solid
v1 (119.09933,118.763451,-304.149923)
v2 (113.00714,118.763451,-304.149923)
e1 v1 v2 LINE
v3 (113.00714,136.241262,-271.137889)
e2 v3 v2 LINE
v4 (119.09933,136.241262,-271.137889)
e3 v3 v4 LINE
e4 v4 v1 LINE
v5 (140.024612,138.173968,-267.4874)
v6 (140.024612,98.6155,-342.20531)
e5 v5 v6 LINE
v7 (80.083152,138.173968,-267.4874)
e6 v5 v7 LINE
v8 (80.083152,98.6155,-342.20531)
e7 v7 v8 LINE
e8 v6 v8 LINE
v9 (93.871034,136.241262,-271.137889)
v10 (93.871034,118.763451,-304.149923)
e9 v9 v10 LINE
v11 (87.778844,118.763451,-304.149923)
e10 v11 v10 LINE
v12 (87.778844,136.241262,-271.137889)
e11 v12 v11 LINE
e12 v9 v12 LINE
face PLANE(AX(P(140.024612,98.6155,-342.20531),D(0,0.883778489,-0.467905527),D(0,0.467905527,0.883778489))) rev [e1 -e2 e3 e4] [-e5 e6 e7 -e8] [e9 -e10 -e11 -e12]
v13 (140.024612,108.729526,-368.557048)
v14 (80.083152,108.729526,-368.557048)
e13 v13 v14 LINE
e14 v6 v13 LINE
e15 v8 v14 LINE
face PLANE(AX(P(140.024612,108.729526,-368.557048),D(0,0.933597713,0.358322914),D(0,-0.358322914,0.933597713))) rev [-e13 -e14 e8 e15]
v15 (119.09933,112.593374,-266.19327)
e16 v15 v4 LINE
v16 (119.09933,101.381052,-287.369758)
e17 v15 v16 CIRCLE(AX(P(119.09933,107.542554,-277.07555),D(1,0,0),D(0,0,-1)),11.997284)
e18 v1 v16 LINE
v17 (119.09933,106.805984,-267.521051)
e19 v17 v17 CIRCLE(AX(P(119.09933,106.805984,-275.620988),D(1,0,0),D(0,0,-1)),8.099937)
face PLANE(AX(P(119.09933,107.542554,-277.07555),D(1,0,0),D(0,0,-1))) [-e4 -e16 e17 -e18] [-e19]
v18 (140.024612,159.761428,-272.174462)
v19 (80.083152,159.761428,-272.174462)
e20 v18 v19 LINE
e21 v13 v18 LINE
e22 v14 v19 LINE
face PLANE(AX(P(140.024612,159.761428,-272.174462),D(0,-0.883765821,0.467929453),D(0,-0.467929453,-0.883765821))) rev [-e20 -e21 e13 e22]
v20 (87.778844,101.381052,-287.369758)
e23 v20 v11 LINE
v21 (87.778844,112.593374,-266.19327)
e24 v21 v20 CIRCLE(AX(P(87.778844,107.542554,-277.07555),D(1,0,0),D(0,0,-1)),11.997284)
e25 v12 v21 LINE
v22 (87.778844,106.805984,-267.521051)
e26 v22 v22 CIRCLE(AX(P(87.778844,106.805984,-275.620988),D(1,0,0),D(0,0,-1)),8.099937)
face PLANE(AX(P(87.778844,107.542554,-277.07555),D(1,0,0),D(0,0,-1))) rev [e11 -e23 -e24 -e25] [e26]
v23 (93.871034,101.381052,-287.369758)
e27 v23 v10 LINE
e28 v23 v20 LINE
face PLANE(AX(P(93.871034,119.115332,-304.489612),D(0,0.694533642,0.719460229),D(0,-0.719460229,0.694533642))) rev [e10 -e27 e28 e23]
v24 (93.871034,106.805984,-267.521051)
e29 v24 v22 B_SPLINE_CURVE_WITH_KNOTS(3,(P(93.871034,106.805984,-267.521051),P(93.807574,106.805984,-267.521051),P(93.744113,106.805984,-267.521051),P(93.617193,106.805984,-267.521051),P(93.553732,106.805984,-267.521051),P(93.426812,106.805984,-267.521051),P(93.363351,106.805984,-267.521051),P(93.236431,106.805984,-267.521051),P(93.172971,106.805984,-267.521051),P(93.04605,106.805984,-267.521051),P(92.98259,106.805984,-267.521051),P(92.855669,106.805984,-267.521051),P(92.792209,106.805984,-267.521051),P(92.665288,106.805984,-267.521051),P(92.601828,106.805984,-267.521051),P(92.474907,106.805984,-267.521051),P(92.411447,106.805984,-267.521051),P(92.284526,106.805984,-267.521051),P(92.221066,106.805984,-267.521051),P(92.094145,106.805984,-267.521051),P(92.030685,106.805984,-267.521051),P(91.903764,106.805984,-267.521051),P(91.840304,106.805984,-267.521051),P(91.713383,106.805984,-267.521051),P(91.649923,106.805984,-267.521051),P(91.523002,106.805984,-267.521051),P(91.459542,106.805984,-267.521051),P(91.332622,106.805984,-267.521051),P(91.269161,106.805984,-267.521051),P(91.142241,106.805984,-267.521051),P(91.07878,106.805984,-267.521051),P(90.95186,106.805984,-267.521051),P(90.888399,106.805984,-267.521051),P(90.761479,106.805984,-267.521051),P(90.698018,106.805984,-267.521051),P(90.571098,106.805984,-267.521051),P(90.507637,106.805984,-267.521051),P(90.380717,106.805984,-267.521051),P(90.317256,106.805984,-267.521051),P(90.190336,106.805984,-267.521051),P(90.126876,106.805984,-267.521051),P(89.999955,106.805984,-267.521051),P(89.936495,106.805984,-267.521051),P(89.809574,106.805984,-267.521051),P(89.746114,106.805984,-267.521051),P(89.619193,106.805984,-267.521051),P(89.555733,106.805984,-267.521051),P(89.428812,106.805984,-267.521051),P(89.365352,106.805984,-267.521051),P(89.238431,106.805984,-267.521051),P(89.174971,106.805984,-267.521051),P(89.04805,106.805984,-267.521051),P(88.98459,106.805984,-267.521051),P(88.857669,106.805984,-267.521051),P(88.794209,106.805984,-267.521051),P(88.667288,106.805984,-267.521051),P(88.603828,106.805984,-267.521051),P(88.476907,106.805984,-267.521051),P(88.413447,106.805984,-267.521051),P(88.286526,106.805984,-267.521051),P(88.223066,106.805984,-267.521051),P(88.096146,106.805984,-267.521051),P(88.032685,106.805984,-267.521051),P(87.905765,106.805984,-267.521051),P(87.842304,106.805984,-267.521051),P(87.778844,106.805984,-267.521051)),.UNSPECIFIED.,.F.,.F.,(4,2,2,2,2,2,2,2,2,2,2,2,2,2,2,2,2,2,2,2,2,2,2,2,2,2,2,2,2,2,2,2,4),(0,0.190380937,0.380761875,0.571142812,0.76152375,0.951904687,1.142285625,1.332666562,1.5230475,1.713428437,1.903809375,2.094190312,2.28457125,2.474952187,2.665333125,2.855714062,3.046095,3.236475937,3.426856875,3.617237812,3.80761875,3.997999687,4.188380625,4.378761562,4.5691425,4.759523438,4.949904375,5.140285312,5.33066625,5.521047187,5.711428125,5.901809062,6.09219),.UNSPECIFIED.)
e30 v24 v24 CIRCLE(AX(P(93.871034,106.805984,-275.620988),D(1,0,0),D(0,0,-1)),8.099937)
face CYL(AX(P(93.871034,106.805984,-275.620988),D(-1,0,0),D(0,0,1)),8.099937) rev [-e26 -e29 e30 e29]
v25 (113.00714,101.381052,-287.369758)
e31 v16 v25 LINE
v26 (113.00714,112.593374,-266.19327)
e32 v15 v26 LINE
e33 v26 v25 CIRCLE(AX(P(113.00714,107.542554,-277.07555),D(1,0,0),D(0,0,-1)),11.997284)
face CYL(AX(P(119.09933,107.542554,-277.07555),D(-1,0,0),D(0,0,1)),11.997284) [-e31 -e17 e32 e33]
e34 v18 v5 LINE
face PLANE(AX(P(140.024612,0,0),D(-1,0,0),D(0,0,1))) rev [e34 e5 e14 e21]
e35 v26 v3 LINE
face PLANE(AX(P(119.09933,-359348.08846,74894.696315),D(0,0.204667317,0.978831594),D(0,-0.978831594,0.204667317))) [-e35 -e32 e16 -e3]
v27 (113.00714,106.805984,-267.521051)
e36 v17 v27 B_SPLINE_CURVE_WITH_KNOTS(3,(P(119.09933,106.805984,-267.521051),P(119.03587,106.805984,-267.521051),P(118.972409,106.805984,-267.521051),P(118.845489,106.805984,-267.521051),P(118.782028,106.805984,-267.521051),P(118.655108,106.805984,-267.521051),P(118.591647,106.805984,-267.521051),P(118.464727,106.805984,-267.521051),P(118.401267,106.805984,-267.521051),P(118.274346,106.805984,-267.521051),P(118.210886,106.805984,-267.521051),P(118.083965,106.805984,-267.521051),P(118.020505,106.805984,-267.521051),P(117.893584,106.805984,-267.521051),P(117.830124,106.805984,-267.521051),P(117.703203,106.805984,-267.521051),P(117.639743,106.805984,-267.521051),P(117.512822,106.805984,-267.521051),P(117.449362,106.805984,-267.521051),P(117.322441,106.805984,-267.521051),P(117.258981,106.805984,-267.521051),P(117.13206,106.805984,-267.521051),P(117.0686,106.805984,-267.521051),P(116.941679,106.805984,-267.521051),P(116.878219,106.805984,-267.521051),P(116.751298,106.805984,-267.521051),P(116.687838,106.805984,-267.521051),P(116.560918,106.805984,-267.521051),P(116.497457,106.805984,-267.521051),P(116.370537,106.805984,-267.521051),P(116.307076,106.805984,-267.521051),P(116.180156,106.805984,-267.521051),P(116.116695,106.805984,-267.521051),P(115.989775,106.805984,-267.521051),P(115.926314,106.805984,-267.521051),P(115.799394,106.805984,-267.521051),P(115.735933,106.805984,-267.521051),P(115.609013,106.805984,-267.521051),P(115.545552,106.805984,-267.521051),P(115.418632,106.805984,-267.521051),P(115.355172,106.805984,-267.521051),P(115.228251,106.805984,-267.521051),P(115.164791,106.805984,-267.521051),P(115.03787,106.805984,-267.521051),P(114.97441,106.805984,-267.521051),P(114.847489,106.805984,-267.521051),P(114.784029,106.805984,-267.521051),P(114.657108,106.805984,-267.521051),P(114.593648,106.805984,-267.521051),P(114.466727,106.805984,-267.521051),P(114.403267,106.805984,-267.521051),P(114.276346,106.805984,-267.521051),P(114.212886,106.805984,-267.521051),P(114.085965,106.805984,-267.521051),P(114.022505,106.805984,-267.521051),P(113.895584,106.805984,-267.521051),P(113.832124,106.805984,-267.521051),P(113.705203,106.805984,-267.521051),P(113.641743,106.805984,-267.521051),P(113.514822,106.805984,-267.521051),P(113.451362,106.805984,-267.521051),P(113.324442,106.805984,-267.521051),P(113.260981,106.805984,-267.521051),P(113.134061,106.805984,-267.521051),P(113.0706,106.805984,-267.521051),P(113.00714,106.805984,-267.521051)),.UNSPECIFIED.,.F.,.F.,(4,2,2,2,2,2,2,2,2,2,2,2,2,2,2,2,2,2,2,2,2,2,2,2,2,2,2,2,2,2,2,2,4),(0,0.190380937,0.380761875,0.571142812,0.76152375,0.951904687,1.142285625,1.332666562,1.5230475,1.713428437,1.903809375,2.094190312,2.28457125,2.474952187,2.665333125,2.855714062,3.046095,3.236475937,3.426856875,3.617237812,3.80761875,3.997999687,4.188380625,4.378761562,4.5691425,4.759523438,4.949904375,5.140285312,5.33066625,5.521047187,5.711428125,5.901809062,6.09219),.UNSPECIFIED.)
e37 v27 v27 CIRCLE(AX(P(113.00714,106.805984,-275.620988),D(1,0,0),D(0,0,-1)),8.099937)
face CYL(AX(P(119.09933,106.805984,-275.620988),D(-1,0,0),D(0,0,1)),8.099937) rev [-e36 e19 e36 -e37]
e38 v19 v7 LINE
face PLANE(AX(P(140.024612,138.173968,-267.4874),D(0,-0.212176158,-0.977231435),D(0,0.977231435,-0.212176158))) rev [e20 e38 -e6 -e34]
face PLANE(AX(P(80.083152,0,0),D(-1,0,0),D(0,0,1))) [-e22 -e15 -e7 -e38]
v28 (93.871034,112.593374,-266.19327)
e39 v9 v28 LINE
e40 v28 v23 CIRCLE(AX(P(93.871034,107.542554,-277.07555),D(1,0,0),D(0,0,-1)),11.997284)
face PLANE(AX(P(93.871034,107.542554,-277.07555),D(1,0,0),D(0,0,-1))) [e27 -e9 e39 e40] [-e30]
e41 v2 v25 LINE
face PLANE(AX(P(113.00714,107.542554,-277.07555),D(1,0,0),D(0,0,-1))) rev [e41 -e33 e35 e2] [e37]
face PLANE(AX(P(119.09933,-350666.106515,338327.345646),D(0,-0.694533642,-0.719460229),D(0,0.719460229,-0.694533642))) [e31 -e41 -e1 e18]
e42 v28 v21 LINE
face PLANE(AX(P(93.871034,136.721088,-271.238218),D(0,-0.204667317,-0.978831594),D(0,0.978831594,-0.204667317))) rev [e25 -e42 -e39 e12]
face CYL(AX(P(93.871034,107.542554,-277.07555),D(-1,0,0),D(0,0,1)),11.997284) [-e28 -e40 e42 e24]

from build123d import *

# Parameters (mm, degrees)
BOSS_EXTRUDE1_DEPTH = 59.94146
SKETCH2_R           = 8.099936755
BOSS_EXTRUDE2_DEPTH = 6.09219
BOSS_EXTRUDE3_START = 25.228296
SKETCH2_2_R         = 8.099936755
BOSS_EXTRUDE3_DEPTH = 6.09219


with BuildPart() as part:
    # Sketch1 → Boss-Extrude1 (new body)
    with BuildSketch(Plane(origin=(80.083152, 0, 0), x_dir=(0, 0, -1), z_dir=(1, 0, 0))):
        Polygon((267.4874, 138.173968), (272.174462, 159.761428), (368.557048, 108.729526), (342.20531, 98.6155), align=None)
    extrude(amount=BOSS_EXTRUDE1_DEPTH)

    # Sketch2 → Boss-Extrude2 (add)
    with BuildSketch(Plane(origin=(87.778844, 0, 0), x_dir=(0, 0, -1), z_dir=(1, 0, 0))):
        with BuildLine():
            Line((271.238218, 136.721088), (266.19327, 112.593374))
            ThreePointArc((266.19327, 112.593374), (271.461683784, 96.939756218), (287.369758, 101.381052))
            Line((287.369758, 101.381052), (304.489612, 119.115332))
            Line((304.489612, 119.115332), (271.238218, 136.721088))
        make_face()
        with Locations(Location((275.620988, 106.805984, 0), (0, 0, 180))):
            Circle(SKETCH2_R, mode=Mode.SUBTRACT)
    extrude(amount=BOSS_EXTRUDE2_DEPTH)

    # Sketch2<2> → Boss-Extrude3 (add)
    with BuildSketch(Plane(origin=(87.778844, 0, 0), x_dir=(0, 0, -1), z_dir=(1, 0, 0)).offset(BOSS_EXTRUDE3_START)):
        with BuildLine():
            Line((271.238218, 136.721088), (266.19327, 112.593374))
            ThreePointArc((266.19327, 112.593374), (271.461683784, 96.939756218), (287.369758, 101.381052))
            Line((287.369758, 101.381052), (304.489612, 119.115332))
            Line((304.489612, 119.115332), (271.238218, 136.721088))
        make_face()
        with Locations(Location((275.620988, 106.805984, 0), (0, 0, 180))):
            Circle(SKETCH2_2_R, mode=Mode.SUBTRACT)
    extrude(amount=BOSS_EXTRUDE3_DEPTH)


solid = part.part
